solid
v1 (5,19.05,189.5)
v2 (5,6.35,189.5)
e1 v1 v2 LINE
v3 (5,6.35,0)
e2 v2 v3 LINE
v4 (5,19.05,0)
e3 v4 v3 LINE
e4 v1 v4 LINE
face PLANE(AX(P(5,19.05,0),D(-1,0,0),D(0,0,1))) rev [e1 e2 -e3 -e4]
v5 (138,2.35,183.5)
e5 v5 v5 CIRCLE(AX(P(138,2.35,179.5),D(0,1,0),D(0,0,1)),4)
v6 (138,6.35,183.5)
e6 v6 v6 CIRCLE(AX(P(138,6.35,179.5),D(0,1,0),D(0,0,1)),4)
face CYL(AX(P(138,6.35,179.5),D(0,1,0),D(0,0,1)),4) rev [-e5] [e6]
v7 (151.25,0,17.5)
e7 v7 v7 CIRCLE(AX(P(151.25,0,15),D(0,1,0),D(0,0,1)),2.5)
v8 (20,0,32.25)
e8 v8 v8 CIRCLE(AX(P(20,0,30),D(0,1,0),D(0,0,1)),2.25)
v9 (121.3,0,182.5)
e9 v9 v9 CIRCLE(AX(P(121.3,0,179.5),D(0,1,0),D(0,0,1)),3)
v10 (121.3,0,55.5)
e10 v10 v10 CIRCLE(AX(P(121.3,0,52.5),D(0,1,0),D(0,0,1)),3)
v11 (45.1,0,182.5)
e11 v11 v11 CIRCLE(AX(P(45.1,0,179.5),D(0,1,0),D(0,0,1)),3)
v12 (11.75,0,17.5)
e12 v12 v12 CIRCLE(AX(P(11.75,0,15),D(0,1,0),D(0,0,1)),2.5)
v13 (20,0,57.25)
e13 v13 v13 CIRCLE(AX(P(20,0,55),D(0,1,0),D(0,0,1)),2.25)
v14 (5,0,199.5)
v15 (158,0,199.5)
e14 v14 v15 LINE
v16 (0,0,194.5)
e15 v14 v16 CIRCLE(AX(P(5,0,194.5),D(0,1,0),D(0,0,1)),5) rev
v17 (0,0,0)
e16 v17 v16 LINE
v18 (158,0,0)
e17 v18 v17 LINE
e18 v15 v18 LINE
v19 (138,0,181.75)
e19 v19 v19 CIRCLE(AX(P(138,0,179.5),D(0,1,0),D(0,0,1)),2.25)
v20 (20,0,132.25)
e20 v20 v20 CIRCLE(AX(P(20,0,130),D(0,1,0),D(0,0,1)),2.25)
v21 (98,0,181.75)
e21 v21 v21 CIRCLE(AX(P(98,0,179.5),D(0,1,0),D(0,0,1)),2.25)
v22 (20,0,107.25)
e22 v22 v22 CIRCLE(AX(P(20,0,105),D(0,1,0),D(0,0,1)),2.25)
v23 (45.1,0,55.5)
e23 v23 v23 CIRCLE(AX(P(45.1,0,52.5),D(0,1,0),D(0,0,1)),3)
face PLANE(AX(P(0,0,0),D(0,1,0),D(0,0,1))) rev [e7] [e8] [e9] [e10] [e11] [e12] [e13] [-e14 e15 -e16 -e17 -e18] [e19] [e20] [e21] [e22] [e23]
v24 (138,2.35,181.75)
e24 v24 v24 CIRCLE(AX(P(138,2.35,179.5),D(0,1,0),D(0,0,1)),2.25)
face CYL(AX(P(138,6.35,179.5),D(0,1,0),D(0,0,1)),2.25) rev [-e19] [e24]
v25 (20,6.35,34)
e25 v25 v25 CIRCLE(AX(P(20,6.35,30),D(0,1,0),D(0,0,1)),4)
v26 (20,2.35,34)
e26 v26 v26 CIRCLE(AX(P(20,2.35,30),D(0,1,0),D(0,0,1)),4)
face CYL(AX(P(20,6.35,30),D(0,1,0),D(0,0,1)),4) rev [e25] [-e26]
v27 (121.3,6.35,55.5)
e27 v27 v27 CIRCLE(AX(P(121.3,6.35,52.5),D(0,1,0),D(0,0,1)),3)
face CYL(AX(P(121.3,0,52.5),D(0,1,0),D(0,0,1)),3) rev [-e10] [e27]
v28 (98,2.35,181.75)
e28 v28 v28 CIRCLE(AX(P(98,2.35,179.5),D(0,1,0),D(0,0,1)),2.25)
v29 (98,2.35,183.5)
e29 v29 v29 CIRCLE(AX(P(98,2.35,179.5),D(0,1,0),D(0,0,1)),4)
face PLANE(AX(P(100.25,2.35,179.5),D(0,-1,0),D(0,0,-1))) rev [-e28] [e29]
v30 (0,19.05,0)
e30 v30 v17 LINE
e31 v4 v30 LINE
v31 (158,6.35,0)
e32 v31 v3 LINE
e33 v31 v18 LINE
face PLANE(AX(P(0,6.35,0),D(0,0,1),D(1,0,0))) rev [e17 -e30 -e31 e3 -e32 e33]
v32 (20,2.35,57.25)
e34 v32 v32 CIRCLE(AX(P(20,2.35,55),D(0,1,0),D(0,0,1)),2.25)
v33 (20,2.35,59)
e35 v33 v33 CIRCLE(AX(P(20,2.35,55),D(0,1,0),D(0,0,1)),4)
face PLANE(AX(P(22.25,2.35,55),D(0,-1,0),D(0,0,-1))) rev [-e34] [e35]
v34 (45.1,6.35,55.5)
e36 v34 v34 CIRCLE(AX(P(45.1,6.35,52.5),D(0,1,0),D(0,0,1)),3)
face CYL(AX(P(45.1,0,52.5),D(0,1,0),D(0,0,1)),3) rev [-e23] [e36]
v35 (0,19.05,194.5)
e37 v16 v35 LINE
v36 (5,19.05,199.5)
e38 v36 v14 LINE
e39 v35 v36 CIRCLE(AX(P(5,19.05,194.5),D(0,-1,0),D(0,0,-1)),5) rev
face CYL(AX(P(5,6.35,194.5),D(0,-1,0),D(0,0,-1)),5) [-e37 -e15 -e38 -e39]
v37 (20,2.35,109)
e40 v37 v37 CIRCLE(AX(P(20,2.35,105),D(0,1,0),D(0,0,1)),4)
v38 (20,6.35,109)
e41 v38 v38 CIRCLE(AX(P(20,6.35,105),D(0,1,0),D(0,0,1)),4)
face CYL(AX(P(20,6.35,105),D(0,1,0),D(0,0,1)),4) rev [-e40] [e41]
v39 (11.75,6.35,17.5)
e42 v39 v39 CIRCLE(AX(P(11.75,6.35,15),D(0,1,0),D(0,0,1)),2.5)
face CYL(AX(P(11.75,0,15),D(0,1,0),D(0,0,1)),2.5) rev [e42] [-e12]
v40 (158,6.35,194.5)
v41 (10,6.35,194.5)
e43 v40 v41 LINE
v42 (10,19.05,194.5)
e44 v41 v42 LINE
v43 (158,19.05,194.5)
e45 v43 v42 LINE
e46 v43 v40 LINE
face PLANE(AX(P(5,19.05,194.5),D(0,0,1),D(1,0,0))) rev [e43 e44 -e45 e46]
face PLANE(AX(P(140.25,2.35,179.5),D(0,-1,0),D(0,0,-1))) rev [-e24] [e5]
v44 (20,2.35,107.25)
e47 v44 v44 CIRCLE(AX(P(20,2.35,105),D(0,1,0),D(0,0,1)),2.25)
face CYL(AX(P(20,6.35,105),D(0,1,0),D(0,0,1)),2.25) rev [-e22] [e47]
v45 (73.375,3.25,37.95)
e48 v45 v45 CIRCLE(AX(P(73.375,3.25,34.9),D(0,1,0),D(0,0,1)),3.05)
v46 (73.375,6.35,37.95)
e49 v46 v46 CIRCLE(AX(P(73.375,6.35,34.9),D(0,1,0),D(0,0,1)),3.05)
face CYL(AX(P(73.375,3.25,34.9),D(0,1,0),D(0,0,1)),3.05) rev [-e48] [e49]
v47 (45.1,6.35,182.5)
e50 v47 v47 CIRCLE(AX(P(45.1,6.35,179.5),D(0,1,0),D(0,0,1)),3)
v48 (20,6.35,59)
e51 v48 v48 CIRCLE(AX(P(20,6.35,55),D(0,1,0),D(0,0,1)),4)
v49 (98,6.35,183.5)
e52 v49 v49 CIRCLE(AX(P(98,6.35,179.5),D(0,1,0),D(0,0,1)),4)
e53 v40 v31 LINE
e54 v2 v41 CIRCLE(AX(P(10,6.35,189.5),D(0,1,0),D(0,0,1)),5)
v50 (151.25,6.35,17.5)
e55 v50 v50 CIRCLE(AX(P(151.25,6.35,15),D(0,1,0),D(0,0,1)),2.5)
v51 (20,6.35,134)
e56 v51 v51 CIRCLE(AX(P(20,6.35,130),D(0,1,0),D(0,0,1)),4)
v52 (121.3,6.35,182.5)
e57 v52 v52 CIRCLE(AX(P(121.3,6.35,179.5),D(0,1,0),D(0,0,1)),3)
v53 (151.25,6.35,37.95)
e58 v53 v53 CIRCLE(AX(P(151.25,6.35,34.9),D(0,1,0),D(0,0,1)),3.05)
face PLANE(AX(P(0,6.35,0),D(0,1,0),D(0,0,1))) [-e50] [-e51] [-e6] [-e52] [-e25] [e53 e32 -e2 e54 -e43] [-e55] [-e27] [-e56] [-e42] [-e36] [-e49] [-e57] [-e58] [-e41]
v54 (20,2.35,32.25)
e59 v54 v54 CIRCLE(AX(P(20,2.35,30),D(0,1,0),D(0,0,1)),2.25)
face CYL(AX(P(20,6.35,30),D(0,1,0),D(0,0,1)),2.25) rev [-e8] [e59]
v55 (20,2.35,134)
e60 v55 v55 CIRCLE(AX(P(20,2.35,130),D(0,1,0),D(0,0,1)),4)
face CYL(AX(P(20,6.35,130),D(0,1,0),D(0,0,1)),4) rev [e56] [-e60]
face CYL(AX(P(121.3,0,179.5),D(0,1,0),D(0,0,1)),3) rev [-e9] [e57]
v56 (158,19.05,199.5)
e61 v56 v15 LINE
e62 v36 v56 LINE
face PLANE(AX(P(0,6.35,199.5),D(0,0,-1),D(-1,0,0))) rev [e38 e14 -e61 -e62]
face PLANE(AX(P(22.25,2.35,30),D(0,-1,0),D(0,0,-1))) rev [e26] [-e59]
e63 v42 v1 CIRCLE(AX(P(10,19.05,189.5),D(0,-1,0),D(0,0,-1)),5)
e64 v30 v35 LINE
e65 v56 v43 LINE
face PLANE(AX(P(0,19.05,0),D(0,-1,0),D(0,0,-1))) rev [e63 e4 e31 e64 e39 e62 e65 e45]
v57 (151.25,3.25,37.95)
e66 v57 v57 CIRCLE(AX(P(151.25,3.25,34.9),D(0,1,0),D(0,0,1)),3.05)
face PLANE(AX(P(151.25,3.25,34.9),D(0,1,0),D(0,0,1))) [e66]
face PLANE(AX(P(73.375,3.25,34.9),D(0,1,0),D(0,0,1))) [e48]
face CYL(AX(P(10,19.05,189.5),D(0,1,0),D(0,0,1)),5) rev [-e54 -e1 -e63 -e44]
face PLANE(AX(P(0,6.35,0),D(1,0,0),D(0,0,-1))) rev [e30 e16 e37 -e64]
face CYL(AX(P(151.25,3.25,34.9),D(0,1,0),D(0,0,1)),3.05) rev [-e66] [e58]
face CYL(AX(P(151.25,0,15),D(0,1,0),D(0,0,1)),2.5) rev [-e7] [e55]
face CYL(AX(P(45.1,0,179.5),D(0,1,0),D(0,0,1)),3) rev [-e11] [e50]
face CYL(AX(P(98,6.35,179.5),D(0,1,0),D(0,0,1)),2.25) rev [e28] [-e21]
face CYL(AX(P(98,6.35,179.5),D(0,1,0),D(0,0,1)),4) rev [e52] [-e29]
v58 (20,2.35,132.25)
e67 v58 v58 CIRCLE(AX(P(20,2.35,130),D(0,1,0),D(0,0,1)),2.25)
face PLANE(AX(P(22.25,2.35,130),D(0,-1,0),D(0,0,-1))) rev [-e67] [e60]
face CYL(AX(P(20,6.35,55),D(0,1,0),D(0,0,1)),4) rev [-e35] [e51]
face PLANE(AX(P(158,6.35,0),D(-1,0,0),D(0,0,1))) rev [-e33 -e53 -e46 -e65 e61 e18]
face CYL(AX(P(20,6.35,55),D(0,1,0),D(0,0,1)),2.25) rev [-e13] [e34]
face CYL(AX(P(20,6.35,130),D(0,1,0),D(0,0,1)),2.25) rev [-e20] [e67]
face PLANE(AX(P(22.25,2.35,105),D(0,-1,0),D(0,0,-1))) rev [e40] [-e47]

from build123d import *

# Parameters (mm, degrees)
SKETCH1_W                      = 158
SKETCH1_H                      = 199.5
BOSS_EXTRUDE1_DEPTH            = 6.35
BOSS_EXTRUDE2_DEPTH            = 12.7
CBORE_FOR_M4_SHCS1_D           = 4.5
CBORE_FOR_M4_SHCS1_DEPTH       = 6.35
CBORE_FOR_M4_SHCS1_CBORE_D     = 8
CBORE_FOR_M4_SHCS1_CBORE_DEPTH = 4
FILLET2_R                      = 5
SKETCH8_R                      = 3
ENCLOSURE_MOUNT_DEPTH          = 7.35
SKETCH9_R                      = 2.5
FUSE_MOUNT_DEPTH               = 7.35
SKETCH10_R                     = 3.05
MAGNETS_DEPTH                  = 3.1


with BuildPart() as part:
    # Sketch1 → Boss-Extrude1 (new body)
    with BuildSketch(Plane(origin=(0, 0, 0), x_dir=(1, 0, 0), z_dir=(0, 1, 0))):
        with Locations((79, -99.75)):
            Rectangle(SKETCH1_W, SKETCH1_H)
    extrude(amount=BOSS_EXTRUDE1_DEPTH)

    # Sketch3 → Boss-Extrude2 (add)
    with BuildSketch(Plane(origin=(0, 6.35, 0), x_dir=(1, 0, 0), z_dir=(0, 1, 0))):
        Polygon((0, 0), (0, -199.5), (158, -199.5), (158, -194.5), (5, -194.5), (5, 0), align=None)
    extrude(amount=BOSS_EXTRUDE2_DEPTH)

    # CBORE for M4 SHCS1
    with Locations(Plane(origin=(0, 6.35, 0), x_dir=(1, 0, 0), z_dir=(0, 1, 0))):
        with Locations((20, -55), (98, -179.5), (138, -179.5), (20, -130), (20, -105), (20, -30)):
            CounterBoreHole(CBORE_FOR_M4_SHCS1_D / 2, CBORE_FOR_M4_SHCS1_CBORE_D / 2, CBORE_FOR_M4_SHCS1_CBORE_DEPTH, depth=CBORE_FOR_M4_SHCS1_DEPTH)

    # Fillet2
    fillet2_edges = [part.edges().sort_by_distance(p)[0] for p in [
        (5, 12.7, 194.5),
        (0, 9.525, 199.5),
    ]]
    fillet(fillet2_edges, radius=FILLET2_R)

    # Sketch8 → Enclosure Mount (cut, through all)
    with BuildSketch(Plane(origin=(0, 6.35, 0), x_dir=(1, 0, 0), z_dir=(0, 1, 0))):
        with Locations((45.1, -52.5)):
            Circle(SKETCH8_R)
        with Locations((121.3, -52.5)):
            Circle(SKETCH8_R)
        with Locations((121.3, -179.5)):
            Circle(SKETCH8_R)
        with Locations((45.1, -179.5)):
            Circle(SKETCH8_R)
    extrude(amount=-ENCLOSURE_MOUNT_DEPTH, mode=Mode.SUBTRACT)

    # Sketch9 → Fuse Mount (cut, through all)
    with BuildSketch(Plane(origin=(0, 6.35, 0), x_dir=(1, 0, 0), z_dir=(0, 1, 0))):
        with Locations((11.75, -15)):
            Circle(SKETCH9_R)
        with Locations((151.25, -15)):
            Circle(SKETCH9_R)
    extrude(amount=-FUSE_MOUNT_DEPTH, mode=Mode.SUBTRACT)

    # Sketch10 → Magnets (cut)
    with BuildSketch(Plane(origin=(0, 6.35, 0), x_dir=(1, 0, 0), z_dir=(0, 1, 0))):
        with Locations((151.25, -34.9)):
            Circle(SKETCH10_R)
        with Locations((73.375, -34.9)):
            Circle(SKETCH10_R)
    extrude(amount=-MAGNETS_DEPTH, mode=Mode.SUBTRACT)


solid = part.part
